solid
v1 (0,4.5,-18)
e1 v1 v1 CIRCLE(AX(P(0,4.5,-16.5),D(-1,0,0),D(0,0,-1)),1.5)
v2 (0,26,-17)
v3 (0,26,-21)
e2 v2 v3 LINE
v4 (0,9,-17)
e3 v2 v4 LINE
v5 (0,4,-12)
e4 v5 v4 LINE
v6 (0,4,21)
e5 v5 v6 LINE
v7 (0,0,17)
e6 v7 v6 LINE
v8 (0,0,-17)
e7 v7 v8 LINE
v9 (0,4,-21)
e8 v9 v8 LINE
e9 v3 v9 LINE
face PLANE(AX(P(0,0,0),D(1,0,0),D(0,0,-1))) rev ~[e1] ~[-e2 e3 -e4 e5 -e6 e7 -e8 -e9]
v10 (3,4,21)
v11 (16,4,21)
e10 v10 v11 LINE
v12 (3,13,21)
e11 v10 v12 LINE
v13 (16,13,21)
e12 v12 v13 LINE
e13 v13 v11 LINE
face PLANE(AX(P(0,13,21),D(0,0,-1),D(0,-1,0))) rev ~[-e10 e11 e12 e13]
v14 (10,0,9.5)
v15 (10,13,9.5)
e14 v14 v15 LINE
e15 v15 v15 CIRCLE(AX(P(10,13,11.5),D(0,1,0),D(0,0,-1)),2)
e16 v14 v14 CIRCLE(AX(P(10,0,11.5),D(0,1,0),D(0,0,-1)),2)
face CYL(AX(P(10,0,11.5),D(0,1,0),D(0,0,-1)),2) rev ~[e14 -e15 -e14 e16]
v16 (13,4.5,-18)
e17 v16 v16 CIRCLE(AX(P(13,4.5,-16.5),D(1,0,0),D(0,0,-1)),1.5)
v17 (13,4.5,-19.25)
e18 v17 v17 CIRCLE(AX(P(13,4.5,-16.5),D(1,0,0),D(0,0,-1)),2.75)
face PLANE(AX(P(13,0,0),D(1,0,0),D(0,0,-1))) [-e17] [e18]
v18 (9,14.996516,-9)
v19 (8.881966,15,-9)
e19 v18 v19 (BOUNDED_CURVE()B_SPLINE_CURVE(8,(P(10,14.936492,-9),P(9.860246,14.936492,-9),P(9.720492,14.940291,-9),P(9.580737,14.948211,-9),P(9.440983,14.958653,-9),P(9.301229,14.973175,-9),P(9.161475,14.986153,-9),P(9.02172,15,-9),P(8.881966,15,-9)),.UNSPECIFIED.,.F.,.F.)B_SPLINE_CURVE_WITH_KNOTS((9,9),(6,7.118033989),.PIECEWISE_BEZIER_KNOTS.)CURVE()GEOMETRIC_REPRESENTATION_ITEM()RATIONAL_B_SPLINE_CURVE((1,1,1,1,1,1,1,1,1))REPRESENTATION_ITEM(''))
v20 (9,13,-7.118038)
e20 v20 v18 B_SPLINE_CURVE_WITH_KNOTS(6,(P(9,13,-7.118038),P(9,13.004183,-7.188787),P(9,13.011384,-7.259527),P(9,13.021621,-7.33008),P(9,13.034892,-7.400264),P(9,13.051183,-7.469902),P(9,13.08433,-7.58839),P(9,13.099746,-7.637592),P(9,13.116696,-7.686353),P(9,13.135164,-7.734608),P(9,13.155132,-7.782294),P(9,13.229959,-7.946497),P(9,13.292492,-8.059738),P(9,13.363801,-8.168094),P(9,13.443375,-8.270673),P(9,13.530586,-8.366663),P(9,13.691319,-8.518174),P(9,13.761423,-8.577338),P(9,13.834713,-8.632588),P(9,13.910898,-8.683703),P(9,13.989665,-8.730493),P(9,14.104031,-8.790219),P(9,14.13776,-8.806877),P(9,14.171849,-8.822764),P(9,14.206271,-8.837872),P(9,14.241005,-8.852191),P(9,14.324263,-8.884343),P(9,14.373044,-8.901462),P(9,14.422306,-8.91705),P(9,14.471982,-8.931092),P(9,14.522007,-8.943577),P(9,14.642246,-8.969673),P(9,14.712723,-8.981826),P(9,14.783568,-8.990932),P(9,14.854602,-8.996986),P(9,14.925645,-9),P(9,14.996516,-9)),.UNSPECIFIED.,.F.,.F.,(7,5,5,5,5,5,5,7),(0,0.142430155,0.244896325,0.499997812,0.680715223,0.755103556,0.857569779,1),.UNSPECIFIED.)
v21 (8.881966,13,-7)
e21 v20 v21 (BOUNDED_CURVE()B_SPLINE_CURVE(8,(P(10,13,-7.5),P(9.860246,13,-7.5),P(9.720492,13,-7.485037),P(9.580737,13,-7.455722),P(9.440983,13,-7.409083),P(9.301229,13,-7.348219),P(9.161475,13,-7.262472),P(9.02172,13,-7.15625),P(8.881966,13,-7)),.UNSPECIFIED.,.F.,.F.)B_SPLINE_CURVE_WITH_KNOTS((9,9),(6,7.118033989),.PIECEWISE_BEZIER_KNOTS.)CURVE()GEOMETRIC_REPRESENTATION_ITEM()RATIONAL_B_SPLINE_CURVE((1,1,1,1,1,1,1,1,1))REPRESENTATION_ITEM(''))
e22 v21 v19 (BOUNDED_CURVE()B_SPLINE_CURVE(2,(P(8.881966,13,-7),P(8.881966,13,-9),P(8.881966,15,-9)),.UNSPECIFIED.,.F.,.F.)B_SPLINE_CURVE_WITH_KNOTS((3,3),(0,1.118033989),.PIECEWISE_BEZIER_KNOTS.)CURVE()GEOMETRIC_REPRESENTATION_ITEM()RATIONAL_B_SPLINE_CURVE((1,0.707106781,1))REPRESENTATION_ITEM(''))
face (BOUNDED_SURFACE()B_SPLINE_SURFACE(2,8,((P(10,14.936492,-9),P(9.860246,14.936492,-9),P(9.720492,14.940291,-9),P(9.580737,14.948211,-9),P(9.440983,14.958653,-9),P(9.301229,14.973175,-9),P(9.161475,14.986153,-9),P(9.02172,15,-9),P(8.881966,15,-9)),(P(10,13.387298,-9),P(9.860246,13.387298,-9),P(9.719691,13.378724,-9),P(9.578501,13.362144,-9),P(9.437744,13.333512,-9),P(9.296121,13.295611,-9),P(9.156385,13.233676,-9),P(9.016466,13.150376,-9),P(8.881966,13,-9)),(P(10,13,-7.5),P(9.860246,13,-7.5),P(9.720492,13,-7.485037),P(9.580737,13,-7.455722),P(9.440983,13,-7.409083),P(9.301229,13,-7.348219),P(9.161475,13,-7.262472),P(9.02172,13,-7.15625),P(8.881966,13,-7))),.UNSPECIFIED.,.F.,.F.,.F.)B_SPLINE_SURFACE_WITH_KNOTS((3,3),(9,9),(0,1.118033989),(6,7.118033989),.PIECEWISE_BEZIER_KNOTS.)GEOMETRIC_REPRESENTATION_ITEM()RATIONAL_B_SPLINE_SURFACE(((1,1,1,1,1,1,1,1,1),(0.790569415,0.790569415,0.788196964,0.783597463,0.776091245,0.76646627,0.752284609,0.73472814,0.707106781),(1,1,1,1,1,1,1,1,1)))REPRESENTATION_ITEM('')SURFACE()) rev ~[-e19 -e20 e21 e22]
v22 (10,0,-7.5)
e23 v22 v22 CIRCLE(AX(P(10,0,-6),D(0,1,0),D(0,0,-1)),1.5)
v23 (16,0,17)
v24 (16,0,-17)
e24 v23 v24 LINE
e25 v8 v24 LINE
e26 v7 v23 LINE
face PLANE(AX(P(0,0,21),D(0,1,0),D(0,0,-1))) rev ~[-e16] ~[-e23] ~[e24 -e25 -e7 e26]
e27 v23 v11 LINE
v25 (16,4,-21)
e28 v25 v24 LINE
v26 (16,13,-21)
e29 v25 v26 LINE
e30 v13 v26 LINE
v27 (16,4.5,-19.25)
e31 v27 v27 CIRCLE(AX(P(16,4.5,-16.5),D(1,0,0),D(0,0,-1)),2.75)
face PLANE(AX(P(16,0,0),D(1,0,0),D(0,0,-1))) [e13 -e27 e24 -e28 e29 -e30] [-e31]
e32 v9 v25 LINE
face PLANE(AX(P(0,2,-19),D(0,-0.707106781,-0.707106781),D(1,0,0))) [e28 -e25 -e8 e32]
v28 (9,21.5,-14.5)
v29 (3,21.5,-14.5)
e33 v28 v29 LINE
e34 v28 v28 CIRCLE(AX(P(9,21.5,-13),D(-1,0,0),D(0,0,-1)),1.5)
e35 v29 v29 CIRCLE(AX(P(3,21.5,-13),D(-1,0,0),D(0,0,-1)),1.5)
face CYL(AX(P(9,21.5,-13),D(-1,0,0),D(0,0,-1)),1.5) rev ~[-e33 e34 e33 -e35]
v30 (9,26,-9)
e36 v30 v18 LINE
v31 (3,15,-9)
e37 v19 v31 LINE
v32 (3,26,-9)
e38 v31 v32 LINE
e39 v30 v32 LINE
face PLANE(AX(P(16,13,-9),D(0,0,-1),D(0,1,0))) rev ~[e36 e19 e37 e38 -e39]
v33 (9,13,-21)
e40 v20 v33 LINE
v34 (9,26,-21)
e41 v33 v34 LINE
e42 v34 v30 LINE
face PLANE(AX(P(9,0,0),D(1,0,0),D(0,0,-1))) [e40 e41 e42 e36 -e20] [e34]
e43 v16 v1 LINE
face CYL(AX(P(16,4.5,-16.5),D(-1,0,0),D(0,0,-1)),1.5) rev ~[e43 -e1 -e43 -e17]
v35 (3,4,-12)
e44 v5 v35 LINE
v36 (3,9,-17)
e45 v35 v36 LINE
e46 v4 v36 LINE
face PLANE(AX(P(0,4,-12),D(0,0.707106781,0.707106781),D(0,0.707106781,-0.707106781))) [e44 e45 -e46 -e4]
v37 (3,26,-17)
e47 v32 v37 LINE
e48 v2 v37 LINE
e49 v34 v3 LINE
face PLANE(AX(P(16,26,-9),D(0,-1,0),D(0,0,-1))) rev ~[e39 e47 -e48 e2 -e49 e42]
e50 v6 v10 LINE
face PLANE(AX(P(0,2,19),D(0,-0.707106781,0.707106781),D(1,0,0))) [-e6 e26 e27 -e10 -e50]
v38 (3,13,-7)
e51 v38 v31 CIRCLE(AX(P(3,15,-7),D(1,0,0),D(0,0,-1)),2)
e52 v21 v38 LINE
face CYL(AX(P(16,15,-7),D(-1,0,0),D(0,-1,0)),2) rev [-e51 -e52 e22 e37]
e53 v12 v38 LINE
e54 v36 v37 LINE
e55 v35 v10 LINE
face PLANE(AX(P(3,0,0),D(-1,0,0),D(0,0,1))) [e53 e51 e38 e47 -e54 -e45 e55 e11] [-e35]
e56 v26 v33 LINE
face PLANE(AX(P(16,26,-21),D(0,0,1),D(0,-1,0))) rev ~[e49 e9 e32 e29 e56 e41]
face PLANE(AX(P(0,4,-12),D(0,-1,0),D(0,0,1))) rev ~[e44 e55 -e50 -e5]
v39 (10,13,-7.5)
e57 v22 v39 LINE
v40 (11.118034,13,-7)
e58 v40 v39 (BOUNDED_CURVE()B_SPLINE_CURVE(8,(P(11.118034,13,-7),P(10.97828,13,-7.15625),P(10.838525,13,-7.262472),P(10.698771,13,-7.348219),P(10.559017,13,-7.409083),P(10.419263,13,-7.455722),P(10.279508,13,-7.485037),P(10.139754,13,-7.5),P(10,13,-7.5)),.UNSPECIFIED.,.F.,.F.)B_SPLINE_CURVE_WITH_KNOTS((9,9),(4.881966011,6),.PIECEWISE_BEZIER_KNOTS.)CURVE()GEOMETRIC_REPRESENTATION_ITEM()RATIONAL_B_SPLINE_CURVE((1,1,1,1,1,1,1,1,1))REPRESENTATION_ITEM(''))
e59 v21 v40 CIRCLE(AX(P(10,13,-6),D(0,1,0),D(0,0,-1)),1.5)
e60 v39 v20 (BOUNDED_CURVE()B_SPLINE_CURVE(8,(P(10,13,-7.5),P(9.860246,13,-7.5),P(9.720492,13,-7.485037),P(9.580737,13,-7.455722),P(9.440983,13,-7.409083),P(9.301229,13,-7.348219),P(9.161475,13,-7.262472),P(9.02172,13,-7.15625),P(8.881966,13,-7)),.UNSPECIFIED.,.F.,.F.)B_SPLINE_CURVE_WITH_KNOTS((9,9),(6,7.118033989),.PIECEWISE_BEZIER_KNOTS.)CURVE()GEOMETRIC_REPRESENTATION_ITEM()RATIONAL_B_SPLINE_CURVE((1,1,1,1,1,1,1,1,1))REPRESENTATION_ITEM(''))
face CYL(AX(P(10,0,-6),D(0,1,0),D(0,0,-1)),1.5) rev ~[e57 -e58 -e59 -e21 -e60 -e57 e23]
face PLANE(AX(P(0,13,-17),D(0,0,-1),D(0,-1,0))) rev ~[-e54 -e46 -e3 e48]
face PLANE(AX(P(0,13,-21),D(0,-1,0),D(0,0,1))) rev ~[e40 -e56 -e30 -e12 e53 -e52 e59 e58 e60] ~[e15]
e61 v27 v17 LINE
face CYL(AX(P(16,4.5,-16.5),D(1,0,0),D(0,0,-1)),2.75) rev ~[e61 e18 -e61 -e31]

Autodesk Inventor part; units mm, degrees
ref_plane "YZ Plane" through (0, 0, 0) normal (1, 0, 0) x (0, 1, 0)
ref_plane "XZ Plane" through (0, 0, 0) normal (0, 1, 0) x (-1, 0, 0)
ref_plane "XY Plane" through (0, 0, 0) normal (0, 0, 1) x (1, 0, 0)
sketch "Szkic1" plane through (0, 0, 0) normal (1, 0, 0) x (0, 1, 0)
  line L0 (13, 21) -> (0, 21)
  line L1 (0, 21) -> (0, -21)
  line L2 (0, -21) -> (13, -21)
  line L3 (13, -21) -> (13, 21)
  line L4 (0, 0) -> (13, 0) construction
  dimension "d0" = 42
  dimension "d1" = 13
extrude "Wyciągnięcie proste3" add sketch "Szkic1" along normal blind 16
chamfer "Faza1" distance 4 angle 45 2 edges at (8, 0, 21) (8, 0, -21)
sketch "Szkic6" plane through (0, 0, -17) normal (0, -1, 0) x (1, 0, 0)
  line L0 (0, -4) -> (16, -4) projected
  line L1 (0, 34) -> (0, 0) projected
  line L2 (16, 34) -> (16, 0) projected
  point P0 (0, 17)
  point P1 (10, 11)
  dimension "d28" = 15
  dimension "d53" = 6
hole "Otwór2" at (10, 0, -6) direction (0, 1, 0) diameter 3 end through all
sketch "Szkic7" plane through (0, 0, -17) normal (0, -1, 0) x (1, 0, 0)
  line L0 (16, 38) -> (0, 38) projected
  circle A0 centre (10, 11) radius 1.5 projected
  point P0 (0, 17)
  point P1 (10, 28.5)
  dimension "d37" = 9.5
hole "Otwór3" at (10, 0, 11.5) direction (0, 1, 0) diameter 4 end through all
thread "Gwint2" size "M4x0.7" class "6H" standard "ANSI Metric M Profile" full length
sketch "Szkic8" plane through (0, 0, 0) normal (-1, 0, 0) x (0, 0, 1)
  line L0 (21, 13) -> (-17, 13)
  line L1 (-17, 13) -> (-17, 9)
  line L2 (-12, 4) -> (21, 4)
  line L3 (21, 4) -> (21, 13)
  line L4 (17, 0) -> (-17, 0) projected
  line L5 (-21, 4) -> (-21, 13) projected
  line L6 (-12, 4) -> (-17, 9)
  point P0 (0, 0)
  point P1 (-17, 4)
  dimension "d55" = 4
  dimension "d56" = 4
  dimension "d59" = 5
  dimension "d60" = 5
extrude "Wyciągnięcie proste5" cut sketch "Szkic8" against normal blind 3
sketch "Szkic9" plane through (16, 0, 0) normal (1, 0, 0) x (0, 0, -1)
  line L0 (-17, 0) -> (17, 0) projected
  line L1 (21, 4) -> (21, 13) projected
  point P0 (0, 0)
  point P1 (16.5, 4.5)
  dimension "d63" = 4.5
  dimension "d64" = 4.5
hole "Otwór4" at (16, 4.5, -16.5) direction (-1, 0, 0) diameter 3 end through all
thread "Gwint5" size "M3x0.5" class "6H" standard "ANSI Metric M Profile" full length
sketch "Szkic10" plane through (16, 0, 0) normal (1, 0, 0) x (0, 0, -1)
  line L0 (21, 13) -> (-21, 13) projected
  line L1 (21, 13) -> (9, 13)
  line L2 (9, 13) -> (9, 26)
  line L3 (9, 26) -> (21, 26)
  line L4 (21, 26) -> (21, 13)
  point P0 (0, 0)
  dimension "d74" = 12
  dimension "d75" = 13
extrude "Wyciągnięcie proste6" add sketch "Szkic10" against normal up to surface (16 mm away)
sketch "Szkic11" plane through (0, 0, 0) normal (-1, 0, 0) x (0, 0, 1)
  line L0 (-17, 9) -> (-17, 13) projected
  line L1 (-9, 26) -> (-21, 26) projected
  line L2 (-17, 13) -> (-9, 13)
  line L3 (-9, 13) -> (-9, 26)
  line L4 (-9, 26) -> (-17, 26)
  line L5 (-17, 26) -> (-17, 13)
  point P0 (0, 0)
extrude "Wyciągnięcie proste7" cut sketch "Szkic11" against normal up to surface (3 mm away)
fillet "Zaokrąglenie2" radius 2 1 edges at (9.5, 13, -9)
sketch "Szkic12" plane through (16, 0, 0) normal (1, 0, 0) x (0, 0, -1)
  circle A0 centre (16.5, 4.5) radius 1.5 projected
  circle A1 centre (16.5, 4.5) radius 2.75
  point P0 (0, 0)
  dimension "d83" = 1.25
extrude "Wyciągnięcie proste8" cut sketch "Szkic12" against normal blind 3
sketch "Szkic13" plane through (16, 0, 0) normal (1, 0, 0) x (0, 0, -1)
  line L0 (7, 13) -> (-21, 13) projected
  line L1 (21, 4) -> (21, 26) projected
  line L2 (7, 13) -> (21, 13)
  line L3 (21, 13) -> (21, 26)
  line L4 (21, 26) -> (7, 26)
  line L5 (7, 26) -> (7, 13)
  point P0 (0, 0)
extrude "Wyciągnięcie proste9" cut sketch "Szkic13" against normal blind 7
thread "Gwint7" size "M3x0.5" class "6H" standard "ANSI Metric M Profile" full length
sketch "Szkic14" plane through (9, 0, 0) normal (1, 0, 0) x (0, 0, -1)
  line L0 (21, 26) -> (21, 13) projected
  line L1 (9, 26) -> (21, 26) projected
  point P0 (0, 0)
  point P1 (13, 21.5)
  dimension "d90" = 8
  dimension "d91" = 4.5
hole "Otwór5" at (9, 21.5, -13) direction (-1, 0, 0) diameter 3 end through all
thread "Gwint8" size "M3x0.5" class "6H" standard "ANSI Metric M Profile" full length
equation "\"d60\" = d59"
properties part number "34_ekstruder2"
